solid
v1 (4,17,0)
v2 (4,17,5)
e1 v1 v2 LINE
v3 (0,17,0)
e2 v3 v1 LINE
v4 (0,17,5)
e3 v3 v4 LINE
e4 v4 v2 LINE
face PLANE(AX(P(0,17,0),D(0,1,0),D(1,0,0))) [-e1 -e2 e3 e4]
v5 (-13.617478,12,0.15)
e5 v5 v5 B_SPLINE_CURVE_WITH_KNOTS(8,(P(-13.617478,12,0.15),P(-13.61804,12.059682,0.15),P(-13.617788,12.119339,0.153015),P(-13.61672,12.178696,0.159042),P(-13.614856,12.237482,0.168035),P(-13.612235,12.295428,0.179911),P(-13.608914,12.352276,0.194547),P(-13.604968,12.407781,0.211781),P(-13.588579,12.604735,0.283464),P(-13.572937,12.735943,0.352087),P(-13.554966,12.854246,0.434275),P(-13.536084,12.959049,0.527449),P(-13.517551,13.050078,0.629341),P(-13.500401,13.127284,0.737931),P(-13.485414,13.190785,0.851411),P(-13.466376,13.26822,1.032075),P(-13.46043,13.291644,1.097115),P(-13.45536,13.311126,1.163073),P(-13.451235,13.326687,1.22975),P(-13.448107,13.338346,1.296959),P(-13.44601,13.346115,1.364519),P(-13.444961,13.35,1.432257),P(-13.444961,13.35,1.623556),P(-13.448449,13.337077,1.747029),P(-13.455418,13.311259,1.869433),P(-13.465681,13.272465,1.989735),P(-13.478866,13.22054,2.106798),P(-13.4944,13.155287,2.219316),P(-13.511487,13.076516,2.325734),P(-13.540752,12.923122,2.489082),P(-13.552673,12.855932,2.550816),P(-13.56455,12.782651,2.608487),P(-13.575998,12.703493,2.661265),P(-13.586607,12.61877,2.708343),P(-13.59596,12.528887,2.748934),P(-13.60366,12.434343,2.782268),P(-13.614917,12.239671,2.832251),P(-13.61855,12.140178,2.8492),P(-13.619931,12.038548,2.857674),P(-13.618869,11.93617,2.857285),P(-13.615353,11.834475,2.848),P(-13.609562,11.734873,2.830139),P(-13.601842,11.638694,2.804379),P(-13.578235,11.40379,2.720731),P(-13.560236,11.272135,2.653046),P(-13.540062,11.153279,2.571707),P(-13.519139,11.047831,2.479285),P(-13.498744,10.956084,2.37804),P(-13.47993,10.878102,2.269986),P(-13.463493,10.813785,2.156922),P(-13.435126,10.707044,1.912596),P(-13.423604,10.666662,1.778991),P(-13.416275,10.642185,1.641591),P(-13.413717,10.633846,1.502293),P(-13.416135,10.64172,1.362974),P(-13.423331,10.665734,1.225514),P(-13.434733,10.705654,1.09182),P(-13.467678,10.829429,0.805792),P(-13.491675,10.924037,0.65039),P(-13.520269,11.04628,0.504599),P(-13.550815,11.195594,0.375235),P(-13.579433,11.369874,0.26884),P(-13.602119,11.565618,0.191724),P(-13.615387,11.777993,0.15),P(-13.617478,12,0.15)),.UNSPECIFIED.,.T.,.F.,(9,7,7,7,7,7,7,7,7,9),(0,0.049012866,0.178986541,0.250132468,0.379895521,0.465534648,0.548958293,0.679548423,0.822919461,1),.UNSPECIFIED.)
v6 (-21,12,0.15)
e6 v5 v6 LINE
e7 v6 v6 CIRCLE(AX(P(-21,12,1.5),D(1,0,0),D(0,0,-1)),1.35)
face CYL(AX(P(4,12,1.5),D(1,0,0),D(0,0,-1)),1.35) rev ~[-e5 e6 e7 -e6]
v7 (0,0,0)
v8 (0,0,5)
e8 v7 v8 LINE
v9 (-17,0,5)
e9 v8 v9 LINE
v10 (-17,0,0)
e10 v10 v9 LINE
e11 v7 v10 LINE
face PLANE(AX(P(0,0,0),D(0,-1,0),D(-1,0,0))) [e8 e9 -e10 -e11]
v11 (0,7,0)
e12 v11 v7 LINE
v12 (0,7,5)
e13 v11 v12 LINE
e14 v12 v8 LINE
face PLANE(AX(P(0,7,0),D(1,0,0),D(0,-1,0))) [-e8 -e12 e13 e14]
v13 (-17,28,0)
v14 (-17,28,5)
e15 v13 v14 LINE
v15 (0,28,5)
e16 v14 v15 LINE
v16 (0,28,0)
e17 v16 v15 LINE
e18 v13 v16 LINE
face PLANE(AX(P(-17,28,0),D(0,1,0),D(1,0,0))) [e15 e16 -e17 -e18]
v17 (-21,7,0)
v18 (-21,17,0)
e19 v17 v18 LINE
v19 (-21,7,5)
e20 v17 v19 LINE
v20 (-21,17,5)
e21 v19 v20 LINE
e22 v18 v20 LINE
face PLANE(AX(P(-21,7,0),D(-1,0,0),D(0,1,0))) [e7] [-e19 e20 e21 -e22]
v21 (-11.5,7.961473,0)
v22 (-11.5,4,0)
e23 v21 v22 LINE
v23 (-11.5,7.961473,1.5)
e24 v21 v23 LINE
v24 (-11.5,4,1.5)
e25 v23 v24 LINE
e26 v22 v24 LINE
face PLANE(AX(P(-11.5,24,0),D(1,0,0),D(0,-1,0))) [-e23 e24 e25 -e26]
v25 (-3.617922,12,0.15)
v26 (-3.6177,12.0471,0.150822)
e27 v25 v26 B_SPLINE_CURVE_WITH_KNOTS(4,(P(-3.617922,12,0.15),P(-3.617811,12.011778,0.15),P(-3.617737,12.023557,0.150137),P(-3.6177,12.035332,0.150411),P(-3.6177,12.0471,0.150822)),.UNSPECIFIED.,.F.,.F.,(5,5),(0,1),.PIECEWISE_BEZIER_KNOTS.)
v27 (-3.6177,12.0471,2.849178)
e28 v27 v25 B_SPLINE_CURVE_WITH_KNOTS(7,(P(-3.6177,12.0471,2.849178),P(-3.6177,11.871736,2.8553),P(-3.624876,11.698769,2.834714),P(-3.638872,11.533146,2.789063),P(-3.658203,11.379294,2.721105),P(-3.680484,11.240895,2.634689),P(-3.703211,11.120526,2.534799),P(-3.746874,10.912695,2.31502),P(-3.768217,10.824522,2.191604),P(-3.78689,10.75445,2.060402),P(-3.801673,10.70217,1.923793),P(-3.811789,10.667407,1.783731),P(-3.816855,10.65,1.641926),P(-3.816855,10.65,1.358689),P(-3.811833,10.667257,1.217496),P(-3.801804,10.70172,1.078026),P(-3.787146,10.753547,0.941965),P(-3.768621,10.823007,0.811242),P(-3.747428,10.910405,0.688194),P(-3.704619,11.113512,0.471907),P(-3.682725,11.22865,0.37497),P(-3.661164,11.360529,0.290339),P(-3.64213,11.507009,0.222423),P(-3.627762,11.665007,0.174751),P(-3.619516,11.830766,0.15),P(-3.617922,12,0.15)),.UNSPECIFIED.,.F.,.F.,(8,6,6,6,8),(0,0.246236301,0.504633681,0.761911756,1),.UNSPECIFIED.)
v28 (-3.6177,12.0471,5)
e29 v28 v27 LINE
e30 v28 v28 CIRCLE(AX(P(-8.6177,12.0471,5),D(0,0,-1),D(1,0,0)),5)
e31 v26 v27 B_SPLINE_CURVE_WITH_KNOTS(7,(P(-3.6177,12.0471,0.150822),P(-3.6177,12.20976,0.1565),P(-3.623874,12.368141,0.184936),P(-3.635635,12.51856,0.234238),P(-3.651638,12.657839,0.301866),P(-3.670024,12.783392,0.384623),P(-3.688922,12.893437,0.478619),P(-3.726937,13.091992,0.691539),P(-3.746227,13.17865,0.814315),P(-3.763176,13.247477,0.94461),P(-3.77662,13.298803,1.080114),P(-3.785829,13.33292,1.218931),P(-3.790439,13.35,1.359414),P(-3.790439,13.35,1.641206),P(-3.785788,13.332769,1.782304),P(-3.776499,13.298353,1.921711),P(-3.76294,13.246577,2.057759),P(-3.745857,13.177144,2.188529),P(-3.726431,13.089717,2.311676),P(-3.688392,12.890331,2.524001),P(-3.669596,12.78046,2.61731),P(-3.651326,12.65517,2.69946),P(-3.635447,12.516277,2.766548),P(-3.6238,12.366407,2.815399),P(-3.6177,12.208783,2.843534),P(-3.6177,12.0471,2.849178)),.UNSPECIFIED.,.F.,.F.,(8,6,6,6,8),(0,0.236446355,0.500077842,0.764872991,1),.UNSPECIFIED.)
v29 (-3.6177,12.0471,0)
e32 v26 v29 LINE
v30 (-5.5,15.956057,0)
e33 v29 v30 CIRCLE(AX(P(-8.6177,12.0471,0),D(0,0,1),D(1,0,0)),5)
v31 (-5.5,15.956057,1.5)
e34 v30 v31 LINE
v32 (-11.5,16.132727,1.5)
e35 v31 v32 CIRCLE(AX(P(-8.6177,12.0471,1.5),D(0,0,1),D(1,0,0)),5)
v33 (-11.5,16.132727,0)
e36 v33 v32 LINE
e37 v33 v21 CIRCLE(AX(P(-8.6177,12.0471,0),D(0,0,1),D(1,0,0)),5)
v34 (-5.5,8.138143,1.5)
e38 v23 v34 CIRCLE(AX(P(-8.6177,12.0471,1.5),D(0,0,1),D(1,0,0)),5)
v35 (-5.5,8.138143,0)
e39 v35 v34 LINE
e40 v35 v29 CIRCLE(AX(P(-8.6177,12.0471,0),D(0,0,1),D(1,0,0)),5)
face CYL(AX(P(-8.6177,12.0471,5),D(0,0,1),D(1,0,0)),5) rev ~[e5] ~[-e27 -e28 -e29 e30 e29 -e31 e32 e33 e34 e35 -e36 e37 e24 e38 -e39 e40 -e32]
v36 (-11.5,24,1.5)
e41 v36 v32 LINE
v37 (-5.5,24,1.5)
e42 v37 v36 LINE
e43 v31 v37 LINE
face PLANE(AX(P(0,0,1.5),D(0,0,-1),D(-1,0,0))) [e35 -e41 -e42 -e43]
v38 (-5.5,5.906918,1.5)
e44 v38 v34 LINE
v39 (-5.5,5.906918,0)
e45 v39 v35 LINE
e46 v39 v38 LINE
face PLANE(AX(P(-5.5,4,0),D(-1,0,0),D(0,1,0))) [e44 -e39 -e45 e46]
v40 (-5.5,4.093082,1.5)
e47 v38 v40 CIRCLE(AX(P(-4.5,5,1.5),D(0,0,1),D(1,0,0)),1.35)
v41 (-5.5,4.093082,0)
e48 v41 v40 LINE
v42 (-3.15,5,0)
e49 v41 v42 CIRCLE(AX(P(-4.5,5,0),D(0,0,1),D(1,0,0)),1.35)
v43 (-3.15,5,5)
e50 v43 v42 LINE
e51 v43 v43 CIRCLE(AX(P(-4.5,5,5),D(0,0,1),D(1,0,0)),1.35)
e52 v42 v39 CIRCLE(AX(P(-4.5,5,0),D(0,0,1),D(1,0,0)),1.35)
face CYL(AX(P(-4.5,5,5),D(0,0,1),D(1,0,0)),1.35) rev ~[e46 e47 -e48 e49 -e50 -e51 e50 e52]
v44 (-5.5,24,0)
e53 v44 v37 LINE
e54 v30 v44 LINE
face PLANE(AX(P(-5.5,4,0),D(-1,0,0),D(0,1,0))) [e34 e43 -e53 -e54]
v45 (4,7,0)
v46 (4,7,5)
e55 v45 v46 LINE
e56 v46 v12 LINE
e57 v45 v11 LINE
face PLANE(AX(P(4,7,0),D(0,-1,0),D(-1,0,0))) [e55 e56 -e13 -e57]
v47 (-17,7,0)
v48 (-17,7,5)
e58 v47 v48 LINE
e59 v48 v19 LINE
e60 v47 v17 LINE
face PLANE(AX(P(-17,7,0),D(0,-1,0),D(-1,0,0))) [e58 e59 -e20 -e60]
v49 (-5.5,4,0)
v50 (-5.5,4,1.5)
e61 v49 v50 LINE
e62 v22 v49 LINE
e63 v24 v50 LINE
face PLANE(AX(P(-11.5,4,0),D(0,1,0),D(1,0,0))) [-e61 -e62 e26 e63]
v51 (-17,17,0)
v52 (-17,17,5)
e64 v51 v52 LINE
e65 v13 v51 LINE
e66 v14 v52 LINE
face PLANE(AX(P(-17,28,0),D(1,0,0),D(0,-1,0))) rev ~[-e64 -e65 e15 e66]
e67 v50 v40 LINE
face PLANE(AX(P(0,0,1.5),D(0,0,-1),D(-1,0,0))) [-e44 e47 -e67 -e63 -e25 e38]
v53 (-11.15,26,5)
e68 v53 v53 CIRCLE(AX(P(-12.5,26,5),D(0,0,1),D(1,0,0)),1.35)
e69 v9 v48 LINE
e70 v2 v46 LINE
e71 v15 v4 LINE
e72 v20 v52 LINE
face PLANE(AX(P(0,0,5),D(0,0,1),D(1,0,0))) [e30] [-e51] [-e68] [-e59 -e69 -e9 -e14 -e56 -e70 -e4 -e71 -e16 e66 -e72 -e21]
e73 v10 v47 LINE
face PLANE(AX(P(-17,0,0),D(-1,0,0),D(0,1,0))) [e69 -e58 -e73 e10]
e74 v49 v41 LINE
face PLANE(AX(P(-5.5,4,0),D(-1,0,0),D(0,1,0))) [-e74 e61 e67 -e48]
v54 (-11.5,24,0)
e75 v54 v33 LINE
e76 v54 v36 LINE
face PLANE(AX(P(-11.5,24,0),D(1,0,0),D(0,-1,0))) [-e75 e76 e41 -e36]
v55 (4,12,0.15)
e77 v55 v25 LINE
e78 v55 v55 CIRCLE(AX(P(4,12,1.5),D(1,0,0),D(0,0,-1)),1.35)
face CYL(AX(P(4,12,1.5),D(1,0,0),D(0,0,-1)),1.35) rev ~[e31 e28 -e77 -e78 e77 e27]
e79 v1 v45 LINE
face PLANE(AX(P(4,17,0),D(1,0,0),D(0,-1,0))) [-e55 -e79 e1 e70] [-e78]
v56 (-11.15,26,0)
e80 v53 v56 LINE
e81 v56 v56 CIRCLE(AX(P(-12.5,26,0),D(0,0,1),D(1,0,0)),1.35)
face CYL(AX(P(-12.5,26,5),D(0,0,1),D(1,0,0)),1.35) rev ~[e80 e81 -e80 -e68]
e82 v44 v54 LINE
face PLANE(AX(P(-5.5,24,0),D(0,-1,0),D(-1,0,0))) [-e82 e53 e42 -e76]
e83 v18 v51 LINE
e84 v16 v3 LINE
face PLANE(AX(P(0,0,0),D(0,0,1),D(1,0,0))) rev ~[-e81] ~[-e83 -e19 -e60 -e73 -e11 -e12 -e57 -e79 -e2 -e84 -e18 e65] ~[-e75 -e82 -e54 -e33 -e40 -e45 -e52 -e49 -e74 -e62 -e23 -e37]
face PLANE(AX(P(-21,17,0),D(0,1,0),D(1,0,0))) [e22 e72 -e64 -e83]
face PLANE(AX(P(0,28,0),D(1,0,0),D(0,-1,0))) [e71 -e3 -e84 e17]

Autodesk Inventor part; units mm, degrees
ref_plane "YZ Plane" through (0, 0, 0) normal (1, 0, 0) x (0, 1, 0)
ref_plane "XZ Plane" through (0, 0, 0) normal (0, 1, 0) x (-1, 0, 0)
ref_plane "XY Plane" through (0, 0, 0) normal (0, 0, 1) x (1, 0, 0)
sketch "Sketch2" plane through (0, 0, 0) normal (0, 0, 1) x (1, 0, 0)
  line L0 (-17, 28) -> (0, 28)
  line L1 (0, 28) -> (0, 17)
  line L2 (0, 17) -> (4, 17)
  line L3 (4, 17) -> (4, 7)
  line L4 (4, 7) -> (0, 7)
  line L5 (0, 7) -> (0, 0)
  line L6 (0, 0) -> (-17, 0)
  line L7 (-17, 0) -> (-17, 7)
  line L8 (-17, 7) -> (-21, 7)
  line L9 (-21, 7) -> (-21, 17)
  line L10 (-21, 17) -> (-17, 17)
  line L11 (-17, 28) -> (-17, 17)
  dimension "d0" = 17
  dimension "d1" = 28
  dimension "d2" = 4
  dimension "d3" = 7
  dimension "d4" = 10
extrude "Extrusion1" add sketch "Sketch2" along normal blind 5
sketch "Sketch4" plane through (0, 0, 0) normal (0, 0, -1) x (-1, 0, 0)
  line L0 (17, 28) -> (0, 28) projected
  line L1 (0, 28) -> (0, 17) projected
  line L2 (0, 17) -> (-4, 17) projected
  line L3 (-4, 17) -> (-4, 7) projected
  line L4 (-4, 7) -> (0, 7) projected
  line L5 (0, 7) -> (0, 0) projected
  line L6 (0, 0) -> (17, 0) projected
  line L7 (17, 0) -> (17, 7) projected
  line L8 (17, 7) -> (21, 7) projected
  line L9 (21, 7) -> (21, 17) projected
  line L10 (21, 17) -> (17, 17) projected
  line L11 (17, 17) -> (17, 28) projected
  line L12 (0, 28) -> (17, 28) projected
  line L13 (11.5, 24) -> (11.5, 4)
  line L14 (11.5, 4) -> (5.5, 4)
  line L15 (5.5, 4) -> (5.5, 24)
  line L16 (5.5, 24) -> (11.5, 24)
  dimension "d15" = 6
  dimension "d17" = 5.5
  dimension "d30" = 20
  dimension "d31" = 4
extrude "Extrusion3" cut sketch "Sketch4" against normal blind 1.5 contours L13 L14 L15 L16
sketch "Sketch5" plane through (0, 0, 5) normal (0, 0, 1) x (1, 0, 0)
  line L0 (0, 28) -> (-17, 28) projected
  line L1 (-17, 28) -> (-17, 17) projected
  line L2 (-17, 17) -> (-21, 17) projected
  line L3 (-21, 17) -> (-21, 7) projected
  line L4 (-21, 7) -> (-17, 7) projected
  line L5 (-17, 7) -> (-17, 0) projected
  line L6 (-17, 0) -> (0, 0) projected
  line L7 (0, 0) -> (0, 7) projected
  line L8 (0, 7) -> (4, 7) projected
  line L9 (4, 7) -> (4, 17) projected
  line L10 (4, 17) -> (0, 17) projected
  line L11 (0, 17) -> (0, 28) projected
  line L12 (-21, 17) -> (4, 7)
  line L13 (-21.4753, 7) -> (4, 17)
  circle A0 centre (-8.6177, 12.0471) radius 5
  dimension "d20" = 10
  dimension "d21" = 12.0471
extrude "Extrusion4" cut sketch "Sketch5" against normal through all contours A0 L12 L13 | L13 L12 A0 | L12 L13 A0 | A0 L13 L12
sketch "Sketch6" plane through (0, 0, 5) normal (0, 0, 1) x (1, 0, 0)
  circle A0 centre (-8.6177, 12.0471) radius 5 projected
  line L0 (0, 28) -> (-17, 28) projected
  line L1 (-17, 28) -> (-17, 17) projected
  line L2 (-17, 17) -> (-21, 17) projected
  line L3 (-21, 17) -> (-21, 7) projected
  line L4 (-21, 7) -> (-17, 7) projected
  line L5 (-17, 7) -> (-17, 0) projected
  line L6 (-17, 0) -> (0, 0) projected
  line L7 (0, 0) -> (0, 7) projected
  line L8 (0, 7) -> (4, 7) projected
  line L9 (4, 7) -> (4, 17) projected
  line L10 (4, 17) -> (0, 17) projected
  line L11 (0, 17) -> (0, 28) projected
  circle A1 centre (-12.5, 26) radius 1.35
  dimension "d24" = 2.7
  dimension "d25" = 4.5
  dimension "d26" = 2
extrude "Extrusion5" cut sketch "Sketch6" against normal through all contours A1
sketch "Sketch7" plane through (0, 0, 5) normal (0, 0, 1) x (1, 0, 0)
  line L0 (0, 0) -> (0, 7) projected
  line L1 (-17, 0) -> (0, 0) projected
  circle A0 centre (-4.5, 5) radius 1.35
  dimension "d32" = 2.7
  dimension "d33" = 4.5
  dimension "d34" = 5
extrude "Extrusion6" cut sketch "Sketch7" against normal through all
sketch "Sketch8" plane through (4, 7, 0) normal (1, 0, 0) x (0, 0, -1)
  line L0 (0, 10) -> (0, 0) projected
  line L1 (0, 10) -> (-5, 10) projected
  line L2 (-5, 0) -> (-5, 10) projected
  line L3 (0, 0) -> (-5, 0) projected
  circle A0 centre (-1.5, 5) radius 1.35
  point P0 (0, -7)
  dimension "d37" = 2.7
  dimension "d38" = 1.5
extrude "Extrusion7" cut sketch "Sketch8" against normal through all contours A0
properties part number "tapa"
